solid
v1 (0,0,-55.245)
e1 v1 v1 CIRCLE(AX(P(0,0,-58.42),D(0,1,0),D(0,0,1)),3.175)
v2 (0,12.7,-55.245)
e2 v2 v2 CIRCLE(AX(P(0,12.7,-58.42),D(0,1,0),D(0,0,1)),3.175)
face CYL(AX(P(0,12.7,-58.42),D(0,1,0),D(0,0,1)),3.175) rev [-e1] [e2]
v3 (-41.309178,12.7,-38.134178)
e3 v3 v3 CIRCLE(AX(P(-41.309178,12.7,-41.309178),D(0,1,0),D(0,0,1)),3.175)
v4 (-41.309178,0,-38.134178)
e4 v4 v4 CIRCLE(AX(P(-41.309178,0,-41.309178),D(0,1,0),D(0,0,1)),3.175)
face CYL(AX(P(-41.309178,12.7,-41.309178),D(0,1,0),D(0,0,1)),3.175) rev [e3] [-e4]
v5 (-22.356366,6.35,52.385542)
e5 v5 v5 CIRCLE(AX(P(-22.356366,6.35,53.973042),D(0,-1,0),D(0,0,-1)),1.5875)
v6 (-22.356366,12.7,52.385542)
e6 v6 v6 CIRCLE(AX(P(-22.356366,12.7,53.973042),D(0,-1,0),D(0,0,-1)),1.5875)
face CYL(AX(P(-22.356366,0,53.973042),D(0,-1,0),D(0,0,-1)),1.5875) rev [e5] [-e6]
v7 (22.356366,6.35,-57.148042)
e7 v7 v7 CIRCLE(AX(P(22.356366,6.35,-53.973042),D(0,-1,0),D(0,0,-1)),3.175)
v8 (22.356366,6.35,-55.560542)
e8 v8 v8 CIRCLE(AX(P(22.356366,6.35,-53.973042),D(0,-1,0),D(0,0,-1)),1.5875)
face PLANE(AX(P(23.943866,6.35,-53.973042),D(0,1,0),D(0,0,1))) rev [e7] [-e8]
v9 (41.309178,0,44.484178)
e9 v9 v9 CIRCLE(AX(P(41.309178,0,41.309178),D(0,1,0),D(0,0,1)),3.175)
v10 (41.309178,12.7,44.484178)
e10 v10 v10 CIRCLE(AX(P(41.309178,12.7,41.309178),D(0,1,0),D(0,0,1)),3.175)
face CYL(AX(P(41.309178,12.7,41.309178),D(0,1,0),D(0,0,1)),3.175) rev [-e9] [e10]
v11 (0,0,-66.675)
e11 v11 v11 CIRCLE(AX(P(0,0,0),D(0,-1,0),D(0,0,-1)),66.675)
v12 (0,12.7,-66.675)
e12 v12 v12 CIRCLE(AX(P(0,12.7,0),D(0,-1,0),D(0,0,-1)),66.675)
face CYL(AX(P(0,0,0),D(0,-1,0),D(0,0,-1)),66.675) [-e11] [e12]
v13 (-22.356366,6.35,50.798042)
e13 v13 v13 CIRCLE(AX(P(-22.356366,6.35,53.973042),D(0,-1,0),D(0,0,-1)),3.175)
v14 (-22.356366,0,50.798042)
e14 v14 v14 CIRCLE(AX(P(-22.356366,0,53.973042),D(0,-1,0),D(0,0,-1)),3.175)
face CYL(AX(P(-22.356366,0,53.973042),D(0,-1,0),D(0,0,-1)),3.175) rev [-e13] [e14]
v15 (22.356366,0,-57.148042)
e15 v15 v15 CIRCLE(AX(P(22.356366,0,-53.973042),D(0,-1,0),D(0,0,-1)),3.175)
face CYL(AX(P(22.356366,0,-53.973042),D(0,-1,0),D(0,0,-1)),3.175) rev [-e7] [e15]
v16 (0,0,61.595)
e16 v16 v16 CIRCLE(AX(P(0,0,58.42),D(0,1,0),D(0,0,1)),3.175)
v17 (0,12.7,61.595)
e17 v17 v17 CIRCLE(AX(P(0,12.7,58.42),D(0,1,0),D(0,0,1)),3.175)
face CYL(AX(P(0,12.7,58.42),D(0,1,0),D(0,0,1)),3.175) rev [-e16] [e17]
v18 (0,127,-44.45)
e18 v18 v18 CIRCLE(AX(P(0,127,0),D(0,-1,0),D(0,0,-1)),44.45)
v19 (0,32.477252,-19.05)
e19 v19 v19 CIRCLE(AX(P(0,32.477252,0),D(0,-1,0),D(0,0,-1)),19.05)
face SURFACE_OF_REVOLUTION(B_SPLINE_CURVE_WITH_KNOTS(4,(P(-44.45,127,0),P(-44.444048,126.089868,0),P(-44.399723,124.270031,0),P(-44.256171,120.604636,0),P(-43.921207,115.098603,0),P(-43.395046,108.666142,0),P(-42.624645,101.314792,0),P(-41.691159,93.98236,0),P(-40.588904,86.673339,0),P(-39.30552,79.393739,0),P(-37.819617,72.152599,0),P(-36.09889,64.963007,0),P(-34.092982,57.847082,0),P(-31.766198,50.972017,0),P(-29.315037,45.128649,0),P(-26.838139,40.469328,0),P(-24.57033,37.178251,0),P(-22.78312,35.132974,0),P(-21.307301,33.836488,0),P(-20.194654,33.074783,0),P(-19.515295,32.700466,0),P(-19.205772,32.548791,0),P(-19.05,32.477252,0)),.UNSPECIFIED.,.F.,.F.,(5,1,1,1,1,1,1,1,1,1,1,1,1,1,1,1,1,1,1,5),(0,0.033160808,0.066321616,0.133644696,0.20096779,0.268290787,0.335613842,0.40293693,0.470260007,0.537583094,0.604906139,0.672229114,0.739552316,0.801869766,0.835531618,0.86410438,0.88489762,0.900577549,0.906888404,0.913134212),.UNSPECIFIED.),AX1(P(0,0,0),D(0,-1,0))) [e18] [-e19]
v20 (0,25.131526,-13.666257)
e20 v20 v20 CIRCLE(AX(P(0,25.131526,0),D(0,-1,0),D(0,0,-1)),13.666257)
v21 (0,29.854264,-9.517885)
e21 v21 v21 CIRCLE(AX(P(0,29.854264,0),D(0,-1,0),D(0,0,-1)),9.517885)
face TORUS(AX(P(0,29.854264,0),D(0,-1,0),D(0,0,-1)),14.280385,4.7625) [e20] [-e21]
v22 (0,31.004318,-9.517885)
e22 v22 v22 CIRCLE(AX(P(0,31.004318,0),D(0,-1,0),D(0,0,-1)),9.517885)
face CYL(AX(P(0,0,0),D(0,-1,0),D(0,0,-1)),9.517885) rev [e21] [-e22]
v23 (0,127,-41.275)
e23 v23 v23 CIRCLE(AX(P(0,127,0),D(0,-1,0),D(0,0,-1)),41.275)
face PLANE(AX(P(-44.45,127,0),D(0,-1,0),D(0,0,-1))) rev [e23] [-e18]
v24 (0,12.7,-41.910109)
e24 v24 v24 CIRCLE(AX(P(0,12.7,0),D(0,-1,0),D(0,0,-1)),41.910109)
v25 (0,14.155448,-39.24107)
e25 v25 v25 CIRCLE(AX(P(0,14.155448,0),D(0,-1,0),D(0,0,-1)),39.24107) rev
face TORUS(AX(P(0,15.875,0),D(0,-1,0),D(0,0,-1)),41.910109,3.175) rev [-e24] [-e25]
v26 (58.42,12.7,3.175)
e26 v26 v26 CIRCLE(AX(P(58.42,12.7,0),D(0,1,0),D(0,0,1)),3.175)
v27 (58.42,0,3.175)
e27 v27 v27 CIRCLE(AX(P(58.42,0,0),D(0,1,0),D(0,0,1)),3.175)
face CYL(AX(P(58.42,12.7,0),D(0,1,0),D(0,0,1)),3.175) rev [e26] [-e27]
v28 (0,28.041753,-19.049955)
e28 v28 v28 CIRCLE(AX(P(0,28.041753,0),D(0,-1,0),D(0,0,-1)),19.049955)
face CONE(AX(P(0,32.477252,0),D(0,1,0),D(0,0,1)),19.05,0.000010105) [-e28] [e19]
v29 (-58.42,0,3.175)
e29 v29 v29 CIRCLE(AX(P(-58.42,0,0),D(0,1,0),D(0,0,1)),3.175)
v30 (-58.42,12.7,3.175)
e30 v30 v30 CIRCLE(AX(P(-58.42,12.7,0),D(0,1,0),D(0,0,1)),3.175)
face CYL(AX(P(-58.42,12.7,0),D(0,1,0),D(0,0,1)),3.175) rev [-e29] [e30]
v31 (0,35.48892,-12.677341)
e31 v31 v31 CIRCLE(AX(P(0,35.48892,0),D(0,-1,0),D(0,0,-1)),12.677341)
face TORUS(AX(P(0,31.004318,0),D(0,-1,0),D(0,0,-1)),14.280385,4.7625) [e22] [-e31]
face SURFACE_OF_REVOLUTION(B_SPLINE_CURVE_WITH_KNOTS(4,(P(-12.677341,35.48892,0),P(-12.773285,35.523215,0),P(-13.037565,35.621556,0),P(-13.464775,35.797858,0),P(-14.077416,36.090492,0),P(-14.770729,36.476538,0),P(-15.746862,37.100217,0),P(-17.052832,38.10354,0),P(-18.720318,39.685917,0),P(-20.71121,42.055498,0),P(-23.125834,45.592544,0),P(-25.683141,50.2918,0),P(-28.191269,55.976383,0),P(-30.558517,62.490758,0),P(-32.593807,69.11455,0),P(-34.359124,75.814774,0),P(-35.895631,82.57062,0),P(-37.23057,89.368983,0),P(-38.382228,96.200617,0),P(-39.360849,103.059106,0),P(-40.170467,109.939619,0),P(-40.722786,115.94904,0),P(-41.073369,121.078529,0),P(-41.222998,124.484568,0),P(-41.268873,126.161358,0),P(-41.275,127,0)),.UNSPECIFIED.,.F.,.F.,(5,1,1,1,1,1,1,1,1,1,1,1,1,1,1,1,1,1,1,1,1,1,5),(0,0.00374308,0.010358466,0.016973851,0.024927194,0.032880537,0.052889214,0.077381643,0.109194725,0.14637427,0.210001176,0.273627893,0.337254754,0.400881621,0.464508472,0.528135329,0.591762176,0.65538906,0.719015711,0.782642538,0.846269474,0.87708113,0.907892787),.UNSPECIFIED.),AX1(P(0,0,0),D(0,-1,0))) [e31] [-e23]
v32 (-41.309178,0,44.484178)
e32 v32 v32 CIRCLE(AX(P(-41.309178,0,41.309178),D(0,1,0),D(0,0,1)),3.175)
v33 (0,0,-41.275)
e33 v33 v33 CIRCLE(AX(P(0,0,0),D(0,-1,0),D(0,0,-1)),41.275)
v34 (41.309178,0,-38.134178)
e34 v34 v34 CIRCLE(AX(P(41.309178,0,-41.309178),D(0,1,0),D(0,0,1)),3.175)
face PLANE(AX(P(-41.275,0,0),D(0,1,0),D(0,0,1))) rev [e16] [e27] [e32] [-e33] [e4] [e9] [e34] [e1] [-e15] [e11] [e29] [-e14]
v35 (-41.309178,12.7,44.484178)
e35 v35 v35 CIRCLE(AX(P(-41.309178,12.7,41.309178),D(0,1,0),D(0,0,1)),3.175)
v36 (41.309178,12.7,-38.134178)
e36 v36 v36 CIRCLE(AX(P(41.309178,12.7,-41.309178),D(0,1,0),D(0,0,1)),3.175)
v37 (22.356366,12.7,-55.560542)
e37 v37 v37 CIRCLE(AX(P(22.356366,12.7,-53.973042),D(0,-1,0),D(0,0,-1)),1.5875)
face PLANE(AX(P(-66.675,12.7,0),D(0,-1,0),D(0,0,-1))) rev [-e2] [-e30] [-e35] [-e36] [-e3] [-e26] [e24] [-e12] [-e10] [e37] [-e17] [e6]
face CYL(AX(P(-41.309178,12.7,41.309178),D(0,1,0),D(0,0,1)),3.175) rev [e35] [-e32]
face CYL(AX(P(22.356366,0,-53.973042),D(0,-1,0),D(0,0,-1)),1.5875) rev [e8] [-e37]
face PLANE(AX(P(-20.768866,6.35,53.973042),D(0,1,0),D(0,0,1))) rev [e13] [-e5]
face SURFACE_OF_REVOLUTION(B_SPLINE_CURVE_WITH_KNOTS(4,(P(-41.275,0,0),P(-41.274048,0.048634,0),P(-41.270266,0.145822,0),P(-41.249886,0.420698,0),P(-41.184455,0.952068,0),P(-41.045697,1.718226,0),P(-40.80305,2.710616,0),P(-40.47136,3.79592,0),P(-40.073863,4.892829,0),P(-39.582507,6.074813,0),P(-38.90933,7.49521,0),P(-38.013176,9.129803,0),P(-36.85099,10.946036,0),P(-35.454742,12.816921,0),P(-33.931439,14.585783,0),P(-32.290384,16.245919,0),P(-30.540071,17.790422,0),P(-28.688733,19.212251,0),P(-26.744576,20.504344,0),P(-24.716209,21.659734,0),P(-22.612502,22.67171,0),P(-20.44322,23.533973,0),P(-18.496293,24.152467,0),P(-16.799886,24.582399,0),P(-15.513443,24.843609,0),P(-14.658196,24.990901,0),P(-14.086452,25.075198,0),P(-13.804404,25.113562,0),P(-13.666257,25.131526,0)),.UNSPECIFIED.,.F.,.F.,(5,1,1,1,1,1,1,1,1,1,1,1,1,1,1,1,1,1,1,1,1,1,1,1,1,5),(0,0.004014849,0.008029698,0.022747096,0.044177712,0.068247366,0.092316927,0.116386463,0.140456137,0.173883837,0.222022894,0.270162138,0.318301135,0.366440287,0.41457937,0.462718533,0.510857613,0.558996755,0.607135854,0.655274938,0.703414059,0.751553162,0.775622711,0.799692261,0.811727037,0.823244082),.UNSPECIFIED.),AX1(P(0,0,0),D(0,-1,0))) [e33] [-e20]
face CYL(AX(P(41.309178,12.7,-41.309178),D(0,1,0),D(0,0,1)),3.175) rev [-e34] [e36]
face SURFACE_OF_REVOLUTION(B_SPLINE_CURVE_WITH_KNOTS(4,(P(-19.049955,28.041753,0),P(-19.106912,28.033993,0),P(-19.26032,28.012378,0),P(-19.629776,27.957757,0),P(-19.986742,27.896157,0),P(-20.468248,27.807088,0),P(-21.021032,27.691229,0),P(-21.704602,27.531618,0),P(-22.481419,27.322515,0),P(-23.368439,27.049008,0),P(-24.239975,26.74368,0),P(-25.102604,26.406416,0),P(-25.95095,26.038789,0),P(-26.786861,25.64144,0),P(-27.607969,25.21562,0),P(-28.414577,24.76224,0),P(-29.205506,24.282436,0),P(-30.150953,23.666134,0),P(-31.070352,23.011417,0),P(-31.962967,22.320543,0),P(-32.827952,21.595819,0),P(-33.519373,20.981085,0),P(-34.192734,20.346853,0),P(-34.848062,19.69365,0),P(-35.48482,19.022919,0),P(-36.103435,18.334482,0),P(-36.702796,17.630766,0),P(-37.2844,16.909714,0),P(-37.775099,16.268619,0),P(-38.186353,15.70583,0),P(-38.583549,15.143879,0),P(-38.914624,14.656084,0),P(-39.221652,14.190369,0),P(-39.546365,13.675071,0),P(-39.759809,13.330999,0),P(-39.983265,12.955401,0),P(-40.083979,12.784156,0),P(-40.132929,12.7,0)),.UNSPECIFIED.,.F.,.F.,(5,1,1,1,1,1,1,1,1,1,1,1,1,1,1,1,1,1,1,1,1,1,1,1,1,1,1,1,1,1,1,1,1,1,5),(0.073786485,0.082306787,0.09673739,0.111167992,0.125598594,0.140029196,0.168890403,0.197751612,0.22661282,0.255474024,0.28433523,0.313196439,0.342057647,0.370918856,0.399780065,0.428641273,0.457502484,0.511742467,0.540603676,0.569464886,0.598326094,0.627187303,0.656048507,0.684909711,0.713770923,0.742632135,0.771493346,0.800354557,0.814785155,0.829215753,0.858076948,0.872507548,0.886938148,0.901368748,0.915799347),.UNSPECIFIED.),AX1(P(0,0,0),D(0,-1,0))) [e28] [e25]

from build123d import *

# Parameters (mm, degrees)
CONVERGING_FILLET_R   = 3.175
BOLT_HOLES_D          = 6.35
BOLT_HOLES_DEPTH      = 12.7
BOLT_HOLES_TIP        = 1.907732465
PIN_HOLES_D           = 3.175
PIN_HOLES_DEPTH       = 100
PIN_HOLES_CBORE_D     = 6.35
PIN_HOLES_CBORE_DEPTH = 6.35


with BuildPart() as part:
    # Sketch1 → Main Revolve (revolve)
    with BuildSketch(Plane.XY):
        with BuildLine():
            Line((-9.517884855, 29.85426414), (-9.517884855, 31.004317662))
            ThreePointArc((-9.517884855, 31.004317662), (-10.387063469, 33.747209355), (-12.677340956, 35.488919819))
            add(Edge.make_bspline(
                [(-41.275, 127), (-41.268873036, 126.161357833), (-41.222997706, 124.484568363), (-41.073369126, 121.078528782), (-40.722786085, 115.949040077), (-40.170467422, 109.939618965), (-39.360849464, 103.059106185), (-38.382227863, 96.200616774), (-37.230570221, 89.368983139), (-35.895631241, 82.570619969), (-34.35912374, 75.814773558), (-32.593807355, 69.114550244), (-30.558516971, 62.490757957), (-28.191269221, 55.976383127), (-25.683140783, 50.29180013), (-23.125834222, 45.592543641), (-20.711209845, 42.055498174), (-18.720317843, 39.685916503), (-17.052831983, 38.103539579), (-15.746862259, 37.100217478), (-14.77072941, 36.476537732), (-14.077416444, 36.090491664), (-13.464775463, 35.797858298), (-13.037564762, 35.6215562), (-12.773284859, 35.523215456), (-12.677340956, 35.488919819)],
                knots=[0, 0, 0, 0, 0, 0.030811657, 0.061623313, 0.125250249, 0.188877076, 0.252503727, 0.31613061, 0.379757458, 0.443384315, 0.507011165, 0.570638032, 0.634264894, 0.697891611, 0.761518516, 0.798698062, 0.830511144, 0.855003573, 0.875012249, 0.882965592, 0.890918935, 0.897534321, 0.904149707, 0.907892787, 0.907892787, 0.907892787, 0.907892787, 0.907892787], degree=4))
            Line((-41.275, 127), (-44.449999999, 127))
            add(Edge.make_bspline(
                [(-44.449999999, 127), (-44.444048095, 126.089867786), (-44.399723494, 124.270031311), (-44.256170835, 120.604636062), (-43.921206973, 115.098603125), (-43.395046361, 108.666141993), (-42.624644612, 101.314791698), (-41.691159468, 93.9823601), (-40.588904101, 86.673339257), (-39.305520483, 79.393738689), (-37.819617038, 72.152599105), (-36.098890328, 64.963007024), (-34.092981802, 57.847082032), (-31.766198141, 50.972017381), (-29.315037347, 45.128649076), (-26.838138987, 40.469327818), (-24.570330265, 37.178251455), (-22.783120415, 35.132973657), (-21.307300799, 33.836487802), (-20.194653885, 33.074782772), (-19.515295281, 32.700466394), (-19.20577242, 32.548791321), (-19.05, 32.47725184)],
                knots=[0, 0, 0, 0, 0, 0.033160808, 0.066321616, 0.133644696, 0.20096779, 0.268290787, 0.335613842, 0.40293693, 0.470260007, 0.537583094, 0.604906139, 0.672229114, 0.739552316, 0.801869766, 0.835531618, 0.86410438, 0.88489762, 0.900577549, 0.906888404, 0.913134212, 0.913134212, 0.913134212, 0.913134212, 0.913134212], degree=4))
            Line((-19.05, 32.47725184), (-19.049955181, 28.041753321))
            add(Edge.make_bspline(
                [(-40.132928845, 12.7), (-40.083978858, 12.784156262), (-39.983265103, 12.955401456), (-39.759808639, 13.330999271), (-39.546364559, 13.67507087), (-39.221651837, 14.190368882), (-38.914624104, 14.656083798), (-38.583549151, 15.143878505), (-38.186353269, 15.705830102), (-37.77509929, 16.268618988), (-37.2843995, 16.909714234), (-36.702796259, 17.630765959), (-36.103434504, 18.334481647), (-35.484819509, 19.022919017), (-34.848061727, 19.693649754), (-34.192734181, 20.346852672), (-33.519373114, 20.981085312), (-32.827952052, 21.595818623), (-31.962967273, 22.320542927), (-31.070351962, 23.011417112), (-30.150953105, 23.666133634), (-29.205505922, 24.282436301), (-28.414577383, 24.76223971), (-27.607968747, 25.215620128), (-26.786861464, 25.641439606), (-25.950949864, 26.038789389), (-25.102603979, 26.406415537), (-24.239975487, 26.743680196), (-23.368438554, 27.049008091), (-22.48141889, 27.322515066), (-21.704602088, 27.531618066), (-21.021032253, 27.69122915), (-20.468248248, 27.807088311), (-19.986741847, 27.896157232), (-19.629776323, 27.957756939), (-19.260320361, 28.012378489), (-19.106911701, 28.033992962), (-19.049955181, 28.041753321)],
                knots=[0.073786485, 0.073786485, 0.073786485, 0.073786485, 0.073786485, 0.088217084, 0.102647684, 0.117078284, 0.131508883, 0.160370079, 0.174800677, 0.189231275, 0.218092486, 0.246953697, 0.275814909, 0.304676121, 0.333537325, 0.362398529, 0.391259738, 0.420120946, 0.448982156, 0.477843365, 0.532083348, 0.560944559, 0.589805767, 0.618666976, 0.647528184, 0.676389393, 0.705250602, 0.734111807, 0.762973012, 0.79183422, 0.820695429, 0.849556636, 0.863987238, 0.87841784, 0.892848442, 0.907279044, 0.915799347, 0.915799347, 0.915799347, 0.915799347, 0.915799347], degree=4))
            Line((-40.132928845, 12.7), (-66.675, 12.7))
            Line((-66.675, 12.7), (-66.675, 0))
            Line((-66.675, 0), (-41.275, 0))
            add(Edge.make_bspline(
                [(-41.275, 0), (-41.27404827, 0.048633732), (-41.270265816, 0.145822286), (-41.249886429, 0.420698051), (-41.184454538, 0.952068232), (-41.045697232, 1.718226005), (-40.803050388, 2.710615824), (-40.471359514, 3.795919992), (-40.073863441, 4.892829094), (-39.58250679, 6.074812663), (-38.909330489, 7.49520986), (-38.013176032, 9.129802593), (-36.850990459, 10.946036297), (-35.454742127, 12.816921248), (-33.931439219, 14.585782904), (-32.290383905, 16.245919147), (-30.54007116, 17.790421623), (-28.688732636, 19.212251207), (-26.744575764, 20.504343604), (-24.716209135, 21.659734331), (-22.61250234, 22.671709773), (-20.443220111, 23.533972634), (-18.496293348, 24.152467466), (-16.799886455, 24.58239915), (-15.513443264, 24.843608525), (-14.65819574, 24.990901269), (-14.086451577, 25.07519752), (-13.804404299, 25.113562074), (-13.666257288, 25.131526207)],
                knots=[0, 0, 0, 0, 0, 0.004014849, 0.008029698, 0.022747096, 0.044177712, 0.068247366, 0.092316927, 0.116386463, 0.140456137, 0.173883837, 0.222022894, 0.270162138, 0.318301135, 0.366440287, 0.41457937, 0.462718533, 0.510857613, 0.558996755, 0.607135854, 0.655274938, 0.703414059, 0.751553162, 0.775622711, 0.799692261, 0.811727037, 0.823244082, 0.823244082, 0.823244082, 0.823244082, 0.823244082], degree=4))
            ThreePointArc((-13.666257288, 25.131526207), (-10.702243662, 26.711285957), (-9.517884855, 29.85426414))
        make_face()
    revolve(axis=Axis((0, 0, 0), (0, 1, 0)))

    # Converging Fillet
    converging_fillet_edges = [part.edges().sort_by_distance(p)[0] for p in [
        (40.132928845, 12.7, 0),
    ]]
    fillet(converging_fillet_edges, radius=CONVERGING_FILLET_R)

    # Bolt Holes
    with Locations(Plane(origin=(0, 12.7, 0), x_dir=(1, 0, 0), z_dir=(0, 1, 0))):
        with Locations((-58.42, 0), (-41.309178157, 41.309178157), (0, 58.42), (41.309178157, 41.309178157), (58.42, 0), (41.309178157, -41.309178157), (0, -58.42), (-41.309178157, -41.309178157)):
            Hole(BOLT_HOLES_D / 2, depth=BOLT_HOLES_DEPTH)
            with Locations((0, 0, -(BOLT_HOLES_DEPTH + BOLT_HOLES_TIP / 2))):  # 118° drill point
                Cone(0, BOLT_HOLES_D / 2, BOLT_HOLES_TIP, mode=Mode.SUBTRACT)

    # Pin Holes
    with Locations(Plane(origin=(0, 0, 0), x_dir=(-1, 0, 0), z_dir=(0, -1, 0))):
        with Locations((-22.356366119, 53.973042289), (22.356366119, -53.973042289)):
            CounterBoreHole(PIN_HOLES_D / 2, PIN_HOLES_CBORE_D / 2, PIN_HOLES_CBORE_DEPTH, depth=PIN_HOLES_DEPTH)


solid = part.part
